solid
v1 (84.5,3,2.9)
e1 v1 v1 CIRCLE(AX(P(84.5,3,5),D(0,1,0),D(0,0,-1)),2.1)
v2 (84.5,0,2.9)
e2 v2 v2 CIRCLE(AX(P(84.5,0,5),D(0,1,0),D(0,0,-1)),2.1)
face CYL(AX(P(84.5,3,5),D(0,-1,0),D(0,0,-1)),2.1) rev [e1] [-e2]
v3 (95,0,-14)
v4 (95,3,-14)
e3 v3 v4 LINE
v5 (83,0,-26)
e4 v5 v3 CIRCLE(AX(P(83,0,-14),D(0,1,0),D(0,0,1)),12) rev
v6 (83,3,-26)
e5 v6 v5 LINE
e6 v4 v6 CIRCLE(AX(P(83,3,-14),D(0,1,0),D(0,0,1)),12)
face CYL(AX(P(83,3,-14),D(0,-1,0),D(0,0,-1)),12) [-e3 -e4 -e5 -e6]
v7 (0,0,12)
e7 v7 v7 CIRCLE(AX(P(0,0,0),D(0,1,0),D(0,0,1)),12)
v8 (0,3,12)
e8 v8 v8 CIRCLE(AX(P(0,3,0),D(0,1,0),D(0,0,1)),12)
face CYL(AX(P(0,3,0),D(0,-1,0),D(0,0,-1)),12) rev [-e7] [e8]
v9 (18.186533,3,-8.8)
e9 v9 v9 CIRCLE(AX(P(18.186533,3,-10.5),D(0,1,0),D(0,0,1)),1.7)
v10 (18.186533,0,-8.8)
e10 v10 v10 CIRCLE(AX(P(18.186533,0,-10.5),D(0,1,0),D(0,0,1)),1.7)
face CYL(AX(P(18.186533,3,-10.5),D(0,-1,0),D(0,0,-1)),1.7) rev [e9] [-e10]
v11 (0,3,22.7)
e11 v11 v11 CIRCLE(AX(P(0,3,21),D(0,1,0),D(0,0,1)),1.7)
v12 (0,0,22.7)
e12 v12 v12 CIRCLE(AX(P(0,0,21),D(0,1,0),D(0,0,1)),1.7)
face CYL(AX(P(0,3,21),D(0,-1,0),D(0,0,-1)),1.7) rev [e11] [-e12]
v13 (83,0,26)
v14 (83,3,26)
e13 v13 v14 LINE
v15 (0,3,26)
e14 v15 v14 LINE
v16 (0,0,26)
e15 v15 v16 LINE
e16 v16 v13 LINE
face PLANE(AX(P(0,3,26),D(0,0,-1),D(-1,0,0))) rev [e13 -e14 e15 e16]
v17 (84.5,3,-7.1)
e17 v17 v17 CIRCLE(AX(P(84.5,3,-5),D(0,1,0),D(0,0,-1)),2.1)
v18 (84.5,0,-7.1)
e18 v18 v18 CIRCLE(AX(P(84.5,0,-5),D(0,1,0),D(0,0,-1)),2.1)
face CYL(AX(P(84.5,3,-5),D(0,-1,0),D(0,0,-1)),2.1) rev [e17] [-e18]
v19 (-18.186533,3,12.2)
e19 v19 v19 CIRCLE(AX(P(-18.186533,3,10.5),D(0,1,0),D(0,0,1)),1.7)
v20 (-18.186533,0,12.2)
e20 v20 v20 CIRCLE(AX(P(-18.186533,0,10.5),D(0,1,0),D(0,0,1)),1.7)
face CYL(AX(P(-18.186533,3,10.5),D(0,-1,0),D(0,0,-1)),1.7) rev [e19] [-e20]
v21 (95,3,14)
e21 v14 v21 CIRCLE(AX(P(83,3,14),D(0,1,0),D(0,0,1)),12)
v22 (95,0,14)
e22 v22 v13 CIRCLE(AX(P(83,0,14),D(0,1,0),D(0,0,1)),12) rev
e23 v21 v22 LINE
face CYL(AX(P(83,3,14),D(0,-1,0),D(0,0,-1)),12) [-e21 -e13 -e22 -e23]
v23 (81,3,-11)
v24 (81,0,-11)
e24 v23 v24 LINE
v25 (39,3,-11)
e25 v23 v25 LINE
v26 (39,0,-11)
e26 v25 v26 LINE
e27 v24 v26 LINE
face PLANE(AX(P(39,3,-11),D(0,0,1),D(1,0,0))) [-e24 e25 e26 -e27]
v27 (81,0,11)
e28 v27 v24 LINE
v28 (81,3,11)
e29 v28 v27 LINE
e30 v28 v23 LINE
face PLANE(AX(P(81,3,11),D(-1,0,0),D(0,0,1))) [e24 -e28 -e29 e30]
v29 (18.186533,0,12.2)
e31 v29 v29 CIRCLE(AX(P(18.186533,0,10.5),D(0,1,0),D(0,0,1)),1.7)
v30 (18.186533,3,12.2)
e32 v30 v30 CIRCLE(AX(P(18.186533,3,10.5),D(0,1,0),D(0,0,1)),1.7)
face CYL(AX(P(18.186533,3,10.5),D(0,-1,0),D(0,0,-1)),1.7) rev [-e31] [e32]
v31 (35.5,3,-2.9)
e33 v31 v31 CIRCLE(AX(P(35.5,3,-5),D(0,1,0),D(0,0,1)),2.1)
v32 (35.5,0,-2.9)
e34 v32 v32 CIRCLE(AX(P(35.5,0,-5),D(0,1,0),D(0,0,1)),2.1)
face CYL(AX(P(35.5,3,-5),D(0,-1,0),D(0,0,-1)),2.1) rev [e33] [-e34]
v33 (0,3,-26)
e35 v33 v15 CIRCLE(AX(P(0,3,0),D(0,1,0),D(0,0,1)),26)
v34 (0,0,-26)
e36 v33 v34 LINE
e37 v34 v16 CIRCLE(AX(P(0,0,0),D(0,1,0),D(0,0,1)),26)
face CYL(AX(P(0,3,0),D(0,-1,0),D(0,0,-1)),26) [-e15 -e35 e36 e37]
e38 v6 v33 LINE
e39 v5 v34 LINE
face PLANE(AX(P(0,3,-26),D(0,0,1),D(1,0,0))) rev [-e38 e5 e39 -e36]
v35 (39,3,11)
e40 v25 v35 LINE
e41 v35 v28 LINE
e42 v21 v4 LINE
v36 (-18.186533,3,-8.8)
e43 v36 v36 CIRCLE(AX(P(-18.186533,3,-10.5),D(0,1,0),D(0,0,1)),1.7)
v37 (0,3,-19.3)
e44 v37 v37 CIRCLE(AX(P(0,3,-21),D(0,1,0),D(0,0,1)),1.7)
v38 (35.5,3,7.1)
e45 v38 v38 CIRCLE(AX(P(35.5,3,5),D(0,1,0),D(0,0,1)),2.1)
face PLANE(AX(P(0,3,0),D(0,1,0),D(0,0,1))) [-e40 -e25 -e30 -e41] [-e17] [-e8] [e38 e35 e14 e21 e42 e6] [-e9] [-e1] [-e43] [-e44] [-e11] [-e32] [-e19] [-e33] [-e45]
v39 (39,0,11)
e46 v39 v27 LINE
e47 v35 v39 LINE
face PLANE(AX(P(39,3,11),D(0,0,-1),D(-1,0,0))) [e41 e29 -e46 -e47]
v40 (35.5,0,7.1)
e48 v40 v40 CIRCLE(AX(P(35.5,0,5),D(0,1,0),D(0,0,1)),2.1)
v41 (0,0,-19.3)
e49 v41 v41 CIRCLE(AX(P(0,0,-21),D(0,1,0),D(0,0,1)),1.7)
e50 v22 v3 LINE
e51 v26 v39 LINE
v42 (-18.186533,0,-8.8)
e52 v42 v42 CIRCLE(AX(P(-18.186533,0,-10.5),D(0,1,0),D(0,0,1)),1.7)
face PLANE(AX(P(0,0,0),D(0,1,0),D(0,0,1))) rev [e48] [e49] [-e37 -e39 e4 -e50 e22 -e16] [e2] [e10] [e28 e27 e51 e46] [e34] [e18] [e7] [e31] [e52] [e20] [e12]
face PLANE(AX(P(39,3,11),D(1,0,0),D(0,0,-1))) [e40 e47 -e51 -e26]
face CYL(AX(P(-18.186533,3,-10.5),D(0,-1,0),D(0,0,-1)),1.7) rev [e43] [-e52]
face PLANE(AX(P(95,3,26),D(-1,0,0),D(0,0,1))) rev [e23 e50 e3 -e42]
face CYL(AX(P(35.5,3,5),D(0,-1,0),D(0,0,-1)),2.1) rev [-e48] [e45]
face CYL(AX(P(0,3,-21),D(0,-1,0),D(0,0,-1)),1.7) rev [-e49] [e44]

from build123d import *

# Parameters (mm, degrees)
SKETCH_1_R      = 12
SKETCH_1_R_2    = 1.7
SKETCH_1_R_3    = 2.1
SKETCH_1_W      = 42
SKETCH_1_H      = 22
EXTRUDE_1_DEPTH = 3
FILLET_1_R      = 12


with BuildPart() as part:
    # 草图1 → 凸台-拉伸1 (new body)
    with BuildSketch(Plane(origin=(0, 0, 0), x_dir=(1, 0, 0), z_dir=(0, 1, 0))):
        with BuildLine():
            Line((0, -26), (95, -26))
            Line((95, -26), (95, 26))
            Line((95, 26), (0, 26))
            ThreePointArc((0, 26), (-26, 0), (0, -26))
        make_face()
        with Locations(Location((0, 0, 0), (0, 0, 270))):
            Circle(SKETCH_1_R, mode=Mode.SUBTRACT)
        with Locations(Location((0, -21, 0), (0, 0, 270))):
            Circle(SKETCH_1_R_2, mode=Mode.SUBTRACT)
        with Locations(Location((35.5, 5, 0), (0, 0, 270))):
            Circle(SKETCH_1_R_3, mode=Mode.SUBTRACT)
        with Locations(Location((35.5, -5, 0), (0, 0, 270))):
            Circle(SKETCH_1_R_3, mode=Mode.SUBTRACT)
        with Locations(Location((84.5, -5, 0), (0, 0, 90))):
            Circle(SKETCH_1_R_3, mode=Mode.SUBTRACT)
        with Locations(Location((84.5, 5, 0), (0, 0, 90))):
            Circle(SKETCH_1_R_3, mode=Mode.SUBTRACT)
        with Locations(Location((-18.186533479, -10.5, 0), (0, 0, 270))):
            Circle(SKETCH_1_R_2, mode=Mode.SUBTRACT)
        with Locations(Location((-18.186533479, 10.5, 0), (0, 0, 270))):
            Circle(SKETCH_1_R_2, mode=Mode.SUBTRACT)
        with Locations(Location((0, 21, 0), (0, 0, 270))):
            Circle(SKETCH_1_R_2, mode=Mode.SUBTRACT)
        with Locations(Location((18.186533479, 10.5, 0), (0, 0, 270))):
            Circle(SKETCH_1_R_2, mode=Mode.SUBTRACT)
        with Locations(Location((18.186533479, -10.5, 0), (0, 0, 270))):
            Circle(SKETCH_1_R_2, mode=Mode.SUBTRACT)
        with Locations((60, 0)):
            Rectangle(SKETCH_1_W, SKETCH_1_H, mode=Mode.SUBTRACT)
    extrude(amount=EXTRUDE_1_DEPTH)

    # 圆角1
    fillet_1_edges = [part.edges().sort_by_distance(p)[0] for p in [
        (95, 1.5, -26),
        (95, 1.5, 26),
    ]]
    fillet(fillet_1_edges, radius=FILLET_1_R)


solid = part.part
